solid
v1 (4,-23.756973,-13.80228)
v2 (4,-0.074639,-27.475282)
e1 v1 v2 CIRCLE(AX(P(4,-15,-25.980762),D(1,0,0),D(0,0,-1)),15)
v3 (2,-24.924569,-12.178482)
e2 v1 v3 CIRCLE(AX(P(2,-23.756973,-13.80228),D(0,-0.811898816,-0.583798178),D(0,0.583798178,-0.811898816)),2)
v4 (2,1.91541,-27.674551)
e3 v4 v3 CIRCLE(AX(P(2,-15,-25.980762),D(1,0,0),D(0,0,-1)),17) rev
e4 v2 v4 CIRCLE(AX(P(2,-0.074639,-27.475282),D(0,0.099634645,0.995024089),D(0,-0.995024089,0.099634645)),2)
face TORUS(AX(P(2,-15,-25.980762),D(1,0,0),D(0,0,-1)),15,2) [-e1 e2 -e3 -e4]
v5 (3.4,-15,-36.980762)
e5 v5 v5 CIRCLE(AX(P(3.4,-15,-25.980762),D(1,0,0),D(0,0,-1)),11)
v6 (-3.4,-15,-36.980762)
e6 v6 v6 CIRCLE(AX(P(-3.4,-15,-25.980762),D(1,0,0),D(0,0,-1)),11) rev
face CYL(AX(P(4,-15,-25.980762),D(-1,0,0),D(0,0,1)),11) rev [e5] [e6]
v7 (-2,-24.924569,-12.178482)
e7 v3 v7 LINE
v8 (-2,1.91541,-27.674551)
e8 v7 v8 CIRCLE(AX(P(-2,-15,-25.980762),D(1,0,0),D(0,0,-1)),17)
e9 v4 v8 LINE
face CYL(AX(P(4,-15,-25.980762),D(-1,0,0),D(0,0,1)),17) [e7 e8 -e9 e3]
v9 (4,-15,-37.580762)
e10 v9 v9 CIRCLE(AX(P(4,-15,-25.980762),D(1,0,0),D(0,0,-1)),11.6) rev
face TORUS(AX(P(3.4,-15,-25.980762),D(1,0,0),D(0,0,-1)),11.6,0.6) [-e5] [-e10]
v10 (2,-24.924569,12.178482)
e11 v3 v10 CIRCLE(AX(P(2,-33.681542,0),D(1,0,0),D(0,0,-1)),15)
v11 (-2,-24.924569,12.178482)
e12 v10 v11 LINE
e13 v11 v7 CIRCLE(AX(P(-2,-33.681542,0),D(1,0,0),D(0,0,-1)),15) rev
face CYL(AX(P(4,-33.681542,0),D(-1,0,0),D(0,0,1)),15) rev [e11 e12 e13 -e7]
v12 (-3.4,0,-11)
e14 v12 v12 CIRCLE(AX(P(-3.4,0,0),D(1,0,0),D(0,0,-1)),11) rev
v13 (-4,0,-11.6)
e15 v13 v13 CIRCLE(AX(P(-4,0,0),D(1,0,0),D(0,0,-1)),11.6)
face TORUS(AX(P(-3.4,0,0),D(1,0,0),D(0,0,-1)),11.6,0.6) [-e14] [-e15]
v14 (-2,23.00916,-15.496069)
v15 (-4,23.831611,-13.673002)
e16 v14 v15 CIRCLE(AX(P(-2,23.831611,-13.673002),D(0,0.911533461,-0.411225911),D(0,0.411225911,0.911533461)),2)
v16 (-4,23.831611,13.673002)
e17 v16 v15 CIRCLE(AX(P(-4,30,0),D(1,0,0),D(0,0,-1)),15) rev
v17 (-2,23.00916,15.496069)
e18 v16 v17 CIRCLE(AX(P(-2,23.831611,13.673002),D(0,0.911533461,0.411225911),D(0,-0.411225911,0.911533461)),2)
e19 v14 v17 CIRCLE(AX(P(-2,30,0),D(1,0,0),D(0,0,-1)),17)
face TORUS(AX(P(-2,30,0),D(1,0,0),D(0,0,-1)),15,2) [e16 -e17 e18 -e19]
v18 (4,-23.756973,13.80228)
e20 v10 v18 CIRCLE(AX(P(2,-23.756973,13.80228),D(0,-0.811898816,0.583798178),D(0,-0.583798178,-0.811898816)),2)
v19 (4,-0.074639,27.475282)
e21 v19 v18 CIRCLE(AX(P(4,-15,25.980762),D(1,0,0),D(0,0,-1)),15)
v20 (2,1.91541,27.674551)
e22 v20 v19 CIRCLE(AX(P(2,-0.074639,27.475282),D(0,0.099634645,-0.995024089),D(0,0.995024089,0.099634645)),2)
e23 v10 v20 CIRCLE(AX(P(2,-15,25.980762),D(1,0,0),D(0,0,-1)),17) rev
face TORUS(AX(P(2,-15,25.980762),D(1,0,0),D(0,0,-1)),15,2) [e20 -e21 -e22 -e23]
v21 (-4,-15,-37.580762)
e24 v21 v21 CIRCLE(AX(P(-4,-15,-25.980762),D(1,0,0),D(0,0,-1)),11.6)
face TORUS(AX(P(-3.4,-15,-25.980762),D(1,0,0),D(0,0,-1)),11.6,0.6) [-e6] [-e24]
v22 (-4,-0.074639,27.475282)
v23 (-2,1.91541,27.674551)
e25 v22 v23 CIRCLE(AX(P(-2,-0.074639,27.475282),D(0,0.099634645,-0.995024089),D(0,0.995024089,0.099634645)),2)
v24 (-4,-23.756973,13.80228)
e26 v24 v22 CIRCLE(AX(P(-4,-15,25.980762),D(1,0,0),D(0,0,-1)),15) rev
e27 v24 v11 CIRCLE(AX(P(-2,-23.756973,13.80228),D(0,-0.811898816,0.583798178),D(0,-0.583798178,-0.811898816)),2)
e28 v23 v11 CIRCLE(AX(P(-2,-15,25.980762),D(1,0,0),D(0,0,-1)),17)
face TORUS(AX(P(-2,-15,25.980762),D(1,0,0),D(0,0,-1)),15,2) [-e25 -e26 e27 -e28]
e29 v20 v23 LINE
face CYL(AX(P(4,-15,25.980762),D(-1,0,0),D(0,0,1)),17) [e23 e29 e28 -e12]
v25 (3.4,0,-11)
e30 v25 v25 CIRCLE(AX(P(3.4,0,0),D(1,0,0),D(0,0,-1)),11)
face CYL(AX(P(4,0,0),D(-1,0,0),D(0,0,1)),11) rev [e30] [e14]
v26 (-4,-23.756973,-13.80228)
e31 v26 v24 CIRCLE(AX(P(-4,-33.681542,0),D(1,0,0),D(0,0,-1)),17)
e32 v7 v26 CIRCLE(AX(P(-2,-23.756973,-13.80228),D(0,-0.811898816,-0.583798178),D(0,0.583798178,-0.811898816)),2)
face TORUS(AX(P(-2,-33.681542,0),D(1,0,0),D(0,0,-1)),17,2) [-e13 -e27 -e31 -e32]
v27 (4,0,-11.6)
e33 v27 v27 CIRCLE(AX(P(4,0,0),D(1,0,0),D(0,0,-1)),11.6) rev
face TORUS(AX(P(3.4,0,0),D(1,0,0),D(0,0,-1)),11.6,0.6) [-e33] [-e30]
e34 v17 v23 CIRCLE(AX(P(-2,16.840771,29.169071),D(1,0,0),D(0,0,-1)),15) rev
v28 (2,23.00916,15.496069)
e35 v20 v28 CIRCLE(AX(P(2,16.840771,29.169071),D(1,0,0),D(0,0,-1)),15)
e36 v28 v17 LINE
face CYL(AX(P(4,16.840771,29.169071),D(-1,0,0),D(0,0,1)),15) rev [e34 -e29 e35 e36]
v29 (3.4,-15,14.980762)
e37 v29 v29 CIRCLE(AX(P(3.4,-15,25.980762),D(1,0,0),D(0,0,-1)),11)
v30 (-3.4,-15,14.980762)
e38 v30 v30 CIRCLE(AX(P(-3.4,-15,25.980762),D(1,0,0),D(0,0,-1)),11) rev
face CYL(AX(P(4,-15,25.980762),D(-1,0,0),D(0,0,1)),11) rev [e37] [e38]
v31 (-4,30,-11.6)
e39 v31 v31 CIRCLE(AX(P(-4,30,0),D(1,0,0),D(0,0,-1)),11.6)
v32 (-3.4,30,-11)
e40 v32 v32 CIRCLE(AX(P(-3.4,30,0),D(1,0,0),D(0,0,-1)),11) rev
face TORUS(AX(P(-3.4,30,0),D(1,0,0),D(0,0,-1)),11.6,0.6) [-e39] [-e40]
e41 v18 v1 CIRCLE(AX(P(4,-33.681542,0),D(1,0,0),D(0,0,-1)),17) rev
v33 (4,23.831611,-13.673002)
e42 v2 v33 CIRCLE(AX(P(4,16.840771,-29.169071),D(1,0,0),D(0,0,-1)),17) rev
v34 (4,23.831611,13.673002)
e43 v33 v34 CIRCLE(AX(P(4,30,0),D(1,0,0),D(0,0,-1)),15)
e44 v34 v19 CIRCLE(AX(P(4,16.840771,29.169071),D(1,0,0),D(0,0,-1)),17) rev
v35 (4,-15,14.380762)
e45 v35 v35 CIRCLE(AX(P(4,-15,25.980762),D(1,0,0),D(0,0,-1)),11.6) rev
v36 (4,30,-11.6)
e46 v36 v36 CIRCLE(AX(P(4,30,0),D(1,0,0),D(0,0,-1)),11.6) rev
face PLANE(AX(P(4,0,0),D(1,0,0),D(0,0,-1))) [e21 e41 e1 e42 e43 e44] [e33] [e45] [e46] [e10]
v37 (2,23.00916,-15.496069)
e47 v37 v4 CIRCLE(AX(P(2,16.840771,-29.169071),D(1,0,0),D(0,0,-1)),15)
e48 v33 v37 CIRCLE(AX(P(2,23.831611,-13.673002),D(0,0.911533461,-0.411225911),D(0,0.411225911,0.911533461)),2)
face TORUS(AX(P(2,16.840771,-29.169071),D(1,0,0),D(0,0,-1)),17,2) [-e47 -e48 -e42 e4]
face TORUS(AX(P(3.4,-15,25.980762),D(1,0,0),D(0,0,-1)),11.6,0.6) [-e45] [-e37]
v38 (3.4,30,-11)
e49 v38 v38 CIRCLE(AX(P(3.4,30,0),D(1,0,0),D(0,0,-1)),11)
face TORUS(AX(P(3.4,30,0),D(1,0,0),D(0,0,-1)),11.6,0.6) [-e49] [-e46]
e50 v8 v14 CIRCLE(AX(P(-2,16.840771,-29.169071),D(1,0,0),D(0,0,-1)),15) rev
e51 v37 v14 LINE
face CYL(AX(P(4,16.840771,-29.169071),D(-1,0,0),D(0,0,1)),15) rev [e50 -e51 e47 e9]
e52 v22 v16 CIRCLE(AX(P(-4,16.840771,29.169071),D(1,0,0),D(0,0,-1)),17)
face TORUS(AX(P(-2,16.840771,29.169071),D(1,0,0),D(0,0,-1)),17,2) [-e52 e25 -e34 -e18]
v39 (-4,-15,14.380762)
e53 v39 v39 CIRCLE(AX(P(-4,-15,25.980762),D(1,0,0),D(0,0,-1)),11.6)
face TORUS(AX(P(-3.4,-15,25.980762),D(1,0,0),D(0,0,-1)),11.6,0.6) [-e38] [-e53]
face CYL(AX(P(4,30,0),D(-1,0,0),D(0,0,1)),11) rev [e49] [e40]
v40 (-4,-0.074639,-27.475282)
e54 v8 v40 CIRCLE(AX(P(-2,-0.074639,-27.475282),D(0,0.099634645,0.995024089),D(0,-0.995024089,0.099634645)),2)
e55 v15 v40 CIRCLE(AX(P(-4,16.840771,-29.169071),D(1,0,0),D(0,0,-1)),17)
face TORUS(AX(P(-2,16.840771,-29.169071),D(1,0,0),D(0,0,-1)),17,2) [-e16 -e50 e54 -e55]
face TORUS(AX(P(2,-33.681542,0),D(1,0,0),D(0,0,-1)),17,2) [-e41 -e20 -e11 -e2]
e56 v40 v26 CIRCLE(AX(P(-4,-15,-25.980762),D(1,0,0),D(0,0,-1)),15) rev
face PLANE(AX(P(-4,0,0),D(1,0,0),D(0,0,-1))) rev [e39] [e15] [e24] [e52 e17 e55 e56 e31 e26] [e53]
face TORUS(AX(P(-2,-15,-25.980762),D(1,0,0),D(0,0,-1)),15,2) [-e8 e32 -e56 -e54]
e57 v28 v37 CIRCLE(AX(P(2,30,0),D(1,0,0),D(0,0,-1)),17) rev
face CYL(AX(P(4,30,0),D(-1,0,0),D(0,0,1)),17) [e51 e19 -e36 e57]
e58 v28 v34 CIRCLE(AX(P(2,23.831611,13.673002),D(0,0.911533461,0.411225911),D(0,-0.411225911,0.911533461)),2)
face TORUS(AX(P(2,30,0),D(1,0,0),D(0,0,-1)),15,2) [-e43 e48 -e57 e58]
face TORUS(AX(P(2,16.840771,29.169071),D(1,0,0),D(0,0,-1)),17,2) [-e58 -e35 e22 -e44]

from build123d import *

# Parameters (mm, degrees)
SKETCH_1_R      = 11
EXTRUDE_1_DEPTH = 4
FILLET_1_R      = 2
FILLET_2_R      = 0.6


with BuildPart() as part:
    # 草图1 → 凸台-拉伸1 (new, symmetric)
    with BuildSketch(Plane(origin=(0, 0, 0), x_dir=(0, 0, -1), z_dir=(1, 0, 0))):
        with BuildLine():
            ThreePointArc((15.496068833, 23.009159512), (0, 47), (-15.496068833, 23.009159512))
            ThreePointArc((-15.496068833, 23.009159512), (-16.178689687, 9.340770846), (-27.674551074, 1.915409512))
            ThreePointArc((-27.674551074, 1.915409512), (-40.703193978, -23.5), (-12.178482241, -24.924569024))
            ThreePointArc((-12.178482241, -24.924569024), (0, -18.681541692), (12.178482241, -24.924569024))
            ThreePointArc((12.178482241, -24.924569024), (40.703193978, -23.5), (27.674551074, 1.915409512))
            ThreePointArc((27.674551074, 1.915409512), (16.178689687, 9.340770846), (15.496068833, 23.009159512))
        make_face()
        with Locations((0, 30)):
            Circle(SKETCH_1_R, mode=Mode.SUBTRACT)
        Circle(SKETCH_1_R, mode=Mode.SUBTRACT)
        with Locations((25.980762114, -15)):
            Circle(SKETCH_1_R, mode=Mode.SUBTRACT)
        with Locations((-25.980762114, -15)):
            Circle(SKETCH_1_R, mode=Mode.SUBTRACT)
    extrude(amount=EXTRUDE_1_DEPTH, both=True)

    # 圆角1
    fillet_1_edges = [part.edges().sort_by_distance(p)[0] for p in [
        (-4, 47, 0),
        (-4, 9.340770846, -16.178689687),
        (-4, -23.5, -40.703193978),
        (-4, -18.681541692, 0),
        (-4, -23.5, 40.703193978),
        (4, 47, 0),
        (4, 9.340770846, -16.178689687),
        (4, -23.5, -40.703193978),
        (4, -18.681541692, 0),
        (4, -23.5, 40.703193978),
        (-4, 9.340770846, 16.178689687),
        (4, 9.340770846, 16.178689687),
    ]]
    fillet(fillet_1_edges, radius=FILLET_1_R)

    # 圆角2
    fillet_2_edges = [part.edges().sort_by_distance(p)[0] for p in [
        (-4, -15, 36.980762114),
        (4, -15, 36.980762114),
        (-4, -15, -14.980762114),
        (4, -15, -14.980762114),
        (-4, 0, 11),
        (4, 0, 11),
        (-4, 30, 11),
        (4, 30, 11),
    ]]
    fillet(fillet_2_edges, radius=FILLET_2_R)


solid = part.part
